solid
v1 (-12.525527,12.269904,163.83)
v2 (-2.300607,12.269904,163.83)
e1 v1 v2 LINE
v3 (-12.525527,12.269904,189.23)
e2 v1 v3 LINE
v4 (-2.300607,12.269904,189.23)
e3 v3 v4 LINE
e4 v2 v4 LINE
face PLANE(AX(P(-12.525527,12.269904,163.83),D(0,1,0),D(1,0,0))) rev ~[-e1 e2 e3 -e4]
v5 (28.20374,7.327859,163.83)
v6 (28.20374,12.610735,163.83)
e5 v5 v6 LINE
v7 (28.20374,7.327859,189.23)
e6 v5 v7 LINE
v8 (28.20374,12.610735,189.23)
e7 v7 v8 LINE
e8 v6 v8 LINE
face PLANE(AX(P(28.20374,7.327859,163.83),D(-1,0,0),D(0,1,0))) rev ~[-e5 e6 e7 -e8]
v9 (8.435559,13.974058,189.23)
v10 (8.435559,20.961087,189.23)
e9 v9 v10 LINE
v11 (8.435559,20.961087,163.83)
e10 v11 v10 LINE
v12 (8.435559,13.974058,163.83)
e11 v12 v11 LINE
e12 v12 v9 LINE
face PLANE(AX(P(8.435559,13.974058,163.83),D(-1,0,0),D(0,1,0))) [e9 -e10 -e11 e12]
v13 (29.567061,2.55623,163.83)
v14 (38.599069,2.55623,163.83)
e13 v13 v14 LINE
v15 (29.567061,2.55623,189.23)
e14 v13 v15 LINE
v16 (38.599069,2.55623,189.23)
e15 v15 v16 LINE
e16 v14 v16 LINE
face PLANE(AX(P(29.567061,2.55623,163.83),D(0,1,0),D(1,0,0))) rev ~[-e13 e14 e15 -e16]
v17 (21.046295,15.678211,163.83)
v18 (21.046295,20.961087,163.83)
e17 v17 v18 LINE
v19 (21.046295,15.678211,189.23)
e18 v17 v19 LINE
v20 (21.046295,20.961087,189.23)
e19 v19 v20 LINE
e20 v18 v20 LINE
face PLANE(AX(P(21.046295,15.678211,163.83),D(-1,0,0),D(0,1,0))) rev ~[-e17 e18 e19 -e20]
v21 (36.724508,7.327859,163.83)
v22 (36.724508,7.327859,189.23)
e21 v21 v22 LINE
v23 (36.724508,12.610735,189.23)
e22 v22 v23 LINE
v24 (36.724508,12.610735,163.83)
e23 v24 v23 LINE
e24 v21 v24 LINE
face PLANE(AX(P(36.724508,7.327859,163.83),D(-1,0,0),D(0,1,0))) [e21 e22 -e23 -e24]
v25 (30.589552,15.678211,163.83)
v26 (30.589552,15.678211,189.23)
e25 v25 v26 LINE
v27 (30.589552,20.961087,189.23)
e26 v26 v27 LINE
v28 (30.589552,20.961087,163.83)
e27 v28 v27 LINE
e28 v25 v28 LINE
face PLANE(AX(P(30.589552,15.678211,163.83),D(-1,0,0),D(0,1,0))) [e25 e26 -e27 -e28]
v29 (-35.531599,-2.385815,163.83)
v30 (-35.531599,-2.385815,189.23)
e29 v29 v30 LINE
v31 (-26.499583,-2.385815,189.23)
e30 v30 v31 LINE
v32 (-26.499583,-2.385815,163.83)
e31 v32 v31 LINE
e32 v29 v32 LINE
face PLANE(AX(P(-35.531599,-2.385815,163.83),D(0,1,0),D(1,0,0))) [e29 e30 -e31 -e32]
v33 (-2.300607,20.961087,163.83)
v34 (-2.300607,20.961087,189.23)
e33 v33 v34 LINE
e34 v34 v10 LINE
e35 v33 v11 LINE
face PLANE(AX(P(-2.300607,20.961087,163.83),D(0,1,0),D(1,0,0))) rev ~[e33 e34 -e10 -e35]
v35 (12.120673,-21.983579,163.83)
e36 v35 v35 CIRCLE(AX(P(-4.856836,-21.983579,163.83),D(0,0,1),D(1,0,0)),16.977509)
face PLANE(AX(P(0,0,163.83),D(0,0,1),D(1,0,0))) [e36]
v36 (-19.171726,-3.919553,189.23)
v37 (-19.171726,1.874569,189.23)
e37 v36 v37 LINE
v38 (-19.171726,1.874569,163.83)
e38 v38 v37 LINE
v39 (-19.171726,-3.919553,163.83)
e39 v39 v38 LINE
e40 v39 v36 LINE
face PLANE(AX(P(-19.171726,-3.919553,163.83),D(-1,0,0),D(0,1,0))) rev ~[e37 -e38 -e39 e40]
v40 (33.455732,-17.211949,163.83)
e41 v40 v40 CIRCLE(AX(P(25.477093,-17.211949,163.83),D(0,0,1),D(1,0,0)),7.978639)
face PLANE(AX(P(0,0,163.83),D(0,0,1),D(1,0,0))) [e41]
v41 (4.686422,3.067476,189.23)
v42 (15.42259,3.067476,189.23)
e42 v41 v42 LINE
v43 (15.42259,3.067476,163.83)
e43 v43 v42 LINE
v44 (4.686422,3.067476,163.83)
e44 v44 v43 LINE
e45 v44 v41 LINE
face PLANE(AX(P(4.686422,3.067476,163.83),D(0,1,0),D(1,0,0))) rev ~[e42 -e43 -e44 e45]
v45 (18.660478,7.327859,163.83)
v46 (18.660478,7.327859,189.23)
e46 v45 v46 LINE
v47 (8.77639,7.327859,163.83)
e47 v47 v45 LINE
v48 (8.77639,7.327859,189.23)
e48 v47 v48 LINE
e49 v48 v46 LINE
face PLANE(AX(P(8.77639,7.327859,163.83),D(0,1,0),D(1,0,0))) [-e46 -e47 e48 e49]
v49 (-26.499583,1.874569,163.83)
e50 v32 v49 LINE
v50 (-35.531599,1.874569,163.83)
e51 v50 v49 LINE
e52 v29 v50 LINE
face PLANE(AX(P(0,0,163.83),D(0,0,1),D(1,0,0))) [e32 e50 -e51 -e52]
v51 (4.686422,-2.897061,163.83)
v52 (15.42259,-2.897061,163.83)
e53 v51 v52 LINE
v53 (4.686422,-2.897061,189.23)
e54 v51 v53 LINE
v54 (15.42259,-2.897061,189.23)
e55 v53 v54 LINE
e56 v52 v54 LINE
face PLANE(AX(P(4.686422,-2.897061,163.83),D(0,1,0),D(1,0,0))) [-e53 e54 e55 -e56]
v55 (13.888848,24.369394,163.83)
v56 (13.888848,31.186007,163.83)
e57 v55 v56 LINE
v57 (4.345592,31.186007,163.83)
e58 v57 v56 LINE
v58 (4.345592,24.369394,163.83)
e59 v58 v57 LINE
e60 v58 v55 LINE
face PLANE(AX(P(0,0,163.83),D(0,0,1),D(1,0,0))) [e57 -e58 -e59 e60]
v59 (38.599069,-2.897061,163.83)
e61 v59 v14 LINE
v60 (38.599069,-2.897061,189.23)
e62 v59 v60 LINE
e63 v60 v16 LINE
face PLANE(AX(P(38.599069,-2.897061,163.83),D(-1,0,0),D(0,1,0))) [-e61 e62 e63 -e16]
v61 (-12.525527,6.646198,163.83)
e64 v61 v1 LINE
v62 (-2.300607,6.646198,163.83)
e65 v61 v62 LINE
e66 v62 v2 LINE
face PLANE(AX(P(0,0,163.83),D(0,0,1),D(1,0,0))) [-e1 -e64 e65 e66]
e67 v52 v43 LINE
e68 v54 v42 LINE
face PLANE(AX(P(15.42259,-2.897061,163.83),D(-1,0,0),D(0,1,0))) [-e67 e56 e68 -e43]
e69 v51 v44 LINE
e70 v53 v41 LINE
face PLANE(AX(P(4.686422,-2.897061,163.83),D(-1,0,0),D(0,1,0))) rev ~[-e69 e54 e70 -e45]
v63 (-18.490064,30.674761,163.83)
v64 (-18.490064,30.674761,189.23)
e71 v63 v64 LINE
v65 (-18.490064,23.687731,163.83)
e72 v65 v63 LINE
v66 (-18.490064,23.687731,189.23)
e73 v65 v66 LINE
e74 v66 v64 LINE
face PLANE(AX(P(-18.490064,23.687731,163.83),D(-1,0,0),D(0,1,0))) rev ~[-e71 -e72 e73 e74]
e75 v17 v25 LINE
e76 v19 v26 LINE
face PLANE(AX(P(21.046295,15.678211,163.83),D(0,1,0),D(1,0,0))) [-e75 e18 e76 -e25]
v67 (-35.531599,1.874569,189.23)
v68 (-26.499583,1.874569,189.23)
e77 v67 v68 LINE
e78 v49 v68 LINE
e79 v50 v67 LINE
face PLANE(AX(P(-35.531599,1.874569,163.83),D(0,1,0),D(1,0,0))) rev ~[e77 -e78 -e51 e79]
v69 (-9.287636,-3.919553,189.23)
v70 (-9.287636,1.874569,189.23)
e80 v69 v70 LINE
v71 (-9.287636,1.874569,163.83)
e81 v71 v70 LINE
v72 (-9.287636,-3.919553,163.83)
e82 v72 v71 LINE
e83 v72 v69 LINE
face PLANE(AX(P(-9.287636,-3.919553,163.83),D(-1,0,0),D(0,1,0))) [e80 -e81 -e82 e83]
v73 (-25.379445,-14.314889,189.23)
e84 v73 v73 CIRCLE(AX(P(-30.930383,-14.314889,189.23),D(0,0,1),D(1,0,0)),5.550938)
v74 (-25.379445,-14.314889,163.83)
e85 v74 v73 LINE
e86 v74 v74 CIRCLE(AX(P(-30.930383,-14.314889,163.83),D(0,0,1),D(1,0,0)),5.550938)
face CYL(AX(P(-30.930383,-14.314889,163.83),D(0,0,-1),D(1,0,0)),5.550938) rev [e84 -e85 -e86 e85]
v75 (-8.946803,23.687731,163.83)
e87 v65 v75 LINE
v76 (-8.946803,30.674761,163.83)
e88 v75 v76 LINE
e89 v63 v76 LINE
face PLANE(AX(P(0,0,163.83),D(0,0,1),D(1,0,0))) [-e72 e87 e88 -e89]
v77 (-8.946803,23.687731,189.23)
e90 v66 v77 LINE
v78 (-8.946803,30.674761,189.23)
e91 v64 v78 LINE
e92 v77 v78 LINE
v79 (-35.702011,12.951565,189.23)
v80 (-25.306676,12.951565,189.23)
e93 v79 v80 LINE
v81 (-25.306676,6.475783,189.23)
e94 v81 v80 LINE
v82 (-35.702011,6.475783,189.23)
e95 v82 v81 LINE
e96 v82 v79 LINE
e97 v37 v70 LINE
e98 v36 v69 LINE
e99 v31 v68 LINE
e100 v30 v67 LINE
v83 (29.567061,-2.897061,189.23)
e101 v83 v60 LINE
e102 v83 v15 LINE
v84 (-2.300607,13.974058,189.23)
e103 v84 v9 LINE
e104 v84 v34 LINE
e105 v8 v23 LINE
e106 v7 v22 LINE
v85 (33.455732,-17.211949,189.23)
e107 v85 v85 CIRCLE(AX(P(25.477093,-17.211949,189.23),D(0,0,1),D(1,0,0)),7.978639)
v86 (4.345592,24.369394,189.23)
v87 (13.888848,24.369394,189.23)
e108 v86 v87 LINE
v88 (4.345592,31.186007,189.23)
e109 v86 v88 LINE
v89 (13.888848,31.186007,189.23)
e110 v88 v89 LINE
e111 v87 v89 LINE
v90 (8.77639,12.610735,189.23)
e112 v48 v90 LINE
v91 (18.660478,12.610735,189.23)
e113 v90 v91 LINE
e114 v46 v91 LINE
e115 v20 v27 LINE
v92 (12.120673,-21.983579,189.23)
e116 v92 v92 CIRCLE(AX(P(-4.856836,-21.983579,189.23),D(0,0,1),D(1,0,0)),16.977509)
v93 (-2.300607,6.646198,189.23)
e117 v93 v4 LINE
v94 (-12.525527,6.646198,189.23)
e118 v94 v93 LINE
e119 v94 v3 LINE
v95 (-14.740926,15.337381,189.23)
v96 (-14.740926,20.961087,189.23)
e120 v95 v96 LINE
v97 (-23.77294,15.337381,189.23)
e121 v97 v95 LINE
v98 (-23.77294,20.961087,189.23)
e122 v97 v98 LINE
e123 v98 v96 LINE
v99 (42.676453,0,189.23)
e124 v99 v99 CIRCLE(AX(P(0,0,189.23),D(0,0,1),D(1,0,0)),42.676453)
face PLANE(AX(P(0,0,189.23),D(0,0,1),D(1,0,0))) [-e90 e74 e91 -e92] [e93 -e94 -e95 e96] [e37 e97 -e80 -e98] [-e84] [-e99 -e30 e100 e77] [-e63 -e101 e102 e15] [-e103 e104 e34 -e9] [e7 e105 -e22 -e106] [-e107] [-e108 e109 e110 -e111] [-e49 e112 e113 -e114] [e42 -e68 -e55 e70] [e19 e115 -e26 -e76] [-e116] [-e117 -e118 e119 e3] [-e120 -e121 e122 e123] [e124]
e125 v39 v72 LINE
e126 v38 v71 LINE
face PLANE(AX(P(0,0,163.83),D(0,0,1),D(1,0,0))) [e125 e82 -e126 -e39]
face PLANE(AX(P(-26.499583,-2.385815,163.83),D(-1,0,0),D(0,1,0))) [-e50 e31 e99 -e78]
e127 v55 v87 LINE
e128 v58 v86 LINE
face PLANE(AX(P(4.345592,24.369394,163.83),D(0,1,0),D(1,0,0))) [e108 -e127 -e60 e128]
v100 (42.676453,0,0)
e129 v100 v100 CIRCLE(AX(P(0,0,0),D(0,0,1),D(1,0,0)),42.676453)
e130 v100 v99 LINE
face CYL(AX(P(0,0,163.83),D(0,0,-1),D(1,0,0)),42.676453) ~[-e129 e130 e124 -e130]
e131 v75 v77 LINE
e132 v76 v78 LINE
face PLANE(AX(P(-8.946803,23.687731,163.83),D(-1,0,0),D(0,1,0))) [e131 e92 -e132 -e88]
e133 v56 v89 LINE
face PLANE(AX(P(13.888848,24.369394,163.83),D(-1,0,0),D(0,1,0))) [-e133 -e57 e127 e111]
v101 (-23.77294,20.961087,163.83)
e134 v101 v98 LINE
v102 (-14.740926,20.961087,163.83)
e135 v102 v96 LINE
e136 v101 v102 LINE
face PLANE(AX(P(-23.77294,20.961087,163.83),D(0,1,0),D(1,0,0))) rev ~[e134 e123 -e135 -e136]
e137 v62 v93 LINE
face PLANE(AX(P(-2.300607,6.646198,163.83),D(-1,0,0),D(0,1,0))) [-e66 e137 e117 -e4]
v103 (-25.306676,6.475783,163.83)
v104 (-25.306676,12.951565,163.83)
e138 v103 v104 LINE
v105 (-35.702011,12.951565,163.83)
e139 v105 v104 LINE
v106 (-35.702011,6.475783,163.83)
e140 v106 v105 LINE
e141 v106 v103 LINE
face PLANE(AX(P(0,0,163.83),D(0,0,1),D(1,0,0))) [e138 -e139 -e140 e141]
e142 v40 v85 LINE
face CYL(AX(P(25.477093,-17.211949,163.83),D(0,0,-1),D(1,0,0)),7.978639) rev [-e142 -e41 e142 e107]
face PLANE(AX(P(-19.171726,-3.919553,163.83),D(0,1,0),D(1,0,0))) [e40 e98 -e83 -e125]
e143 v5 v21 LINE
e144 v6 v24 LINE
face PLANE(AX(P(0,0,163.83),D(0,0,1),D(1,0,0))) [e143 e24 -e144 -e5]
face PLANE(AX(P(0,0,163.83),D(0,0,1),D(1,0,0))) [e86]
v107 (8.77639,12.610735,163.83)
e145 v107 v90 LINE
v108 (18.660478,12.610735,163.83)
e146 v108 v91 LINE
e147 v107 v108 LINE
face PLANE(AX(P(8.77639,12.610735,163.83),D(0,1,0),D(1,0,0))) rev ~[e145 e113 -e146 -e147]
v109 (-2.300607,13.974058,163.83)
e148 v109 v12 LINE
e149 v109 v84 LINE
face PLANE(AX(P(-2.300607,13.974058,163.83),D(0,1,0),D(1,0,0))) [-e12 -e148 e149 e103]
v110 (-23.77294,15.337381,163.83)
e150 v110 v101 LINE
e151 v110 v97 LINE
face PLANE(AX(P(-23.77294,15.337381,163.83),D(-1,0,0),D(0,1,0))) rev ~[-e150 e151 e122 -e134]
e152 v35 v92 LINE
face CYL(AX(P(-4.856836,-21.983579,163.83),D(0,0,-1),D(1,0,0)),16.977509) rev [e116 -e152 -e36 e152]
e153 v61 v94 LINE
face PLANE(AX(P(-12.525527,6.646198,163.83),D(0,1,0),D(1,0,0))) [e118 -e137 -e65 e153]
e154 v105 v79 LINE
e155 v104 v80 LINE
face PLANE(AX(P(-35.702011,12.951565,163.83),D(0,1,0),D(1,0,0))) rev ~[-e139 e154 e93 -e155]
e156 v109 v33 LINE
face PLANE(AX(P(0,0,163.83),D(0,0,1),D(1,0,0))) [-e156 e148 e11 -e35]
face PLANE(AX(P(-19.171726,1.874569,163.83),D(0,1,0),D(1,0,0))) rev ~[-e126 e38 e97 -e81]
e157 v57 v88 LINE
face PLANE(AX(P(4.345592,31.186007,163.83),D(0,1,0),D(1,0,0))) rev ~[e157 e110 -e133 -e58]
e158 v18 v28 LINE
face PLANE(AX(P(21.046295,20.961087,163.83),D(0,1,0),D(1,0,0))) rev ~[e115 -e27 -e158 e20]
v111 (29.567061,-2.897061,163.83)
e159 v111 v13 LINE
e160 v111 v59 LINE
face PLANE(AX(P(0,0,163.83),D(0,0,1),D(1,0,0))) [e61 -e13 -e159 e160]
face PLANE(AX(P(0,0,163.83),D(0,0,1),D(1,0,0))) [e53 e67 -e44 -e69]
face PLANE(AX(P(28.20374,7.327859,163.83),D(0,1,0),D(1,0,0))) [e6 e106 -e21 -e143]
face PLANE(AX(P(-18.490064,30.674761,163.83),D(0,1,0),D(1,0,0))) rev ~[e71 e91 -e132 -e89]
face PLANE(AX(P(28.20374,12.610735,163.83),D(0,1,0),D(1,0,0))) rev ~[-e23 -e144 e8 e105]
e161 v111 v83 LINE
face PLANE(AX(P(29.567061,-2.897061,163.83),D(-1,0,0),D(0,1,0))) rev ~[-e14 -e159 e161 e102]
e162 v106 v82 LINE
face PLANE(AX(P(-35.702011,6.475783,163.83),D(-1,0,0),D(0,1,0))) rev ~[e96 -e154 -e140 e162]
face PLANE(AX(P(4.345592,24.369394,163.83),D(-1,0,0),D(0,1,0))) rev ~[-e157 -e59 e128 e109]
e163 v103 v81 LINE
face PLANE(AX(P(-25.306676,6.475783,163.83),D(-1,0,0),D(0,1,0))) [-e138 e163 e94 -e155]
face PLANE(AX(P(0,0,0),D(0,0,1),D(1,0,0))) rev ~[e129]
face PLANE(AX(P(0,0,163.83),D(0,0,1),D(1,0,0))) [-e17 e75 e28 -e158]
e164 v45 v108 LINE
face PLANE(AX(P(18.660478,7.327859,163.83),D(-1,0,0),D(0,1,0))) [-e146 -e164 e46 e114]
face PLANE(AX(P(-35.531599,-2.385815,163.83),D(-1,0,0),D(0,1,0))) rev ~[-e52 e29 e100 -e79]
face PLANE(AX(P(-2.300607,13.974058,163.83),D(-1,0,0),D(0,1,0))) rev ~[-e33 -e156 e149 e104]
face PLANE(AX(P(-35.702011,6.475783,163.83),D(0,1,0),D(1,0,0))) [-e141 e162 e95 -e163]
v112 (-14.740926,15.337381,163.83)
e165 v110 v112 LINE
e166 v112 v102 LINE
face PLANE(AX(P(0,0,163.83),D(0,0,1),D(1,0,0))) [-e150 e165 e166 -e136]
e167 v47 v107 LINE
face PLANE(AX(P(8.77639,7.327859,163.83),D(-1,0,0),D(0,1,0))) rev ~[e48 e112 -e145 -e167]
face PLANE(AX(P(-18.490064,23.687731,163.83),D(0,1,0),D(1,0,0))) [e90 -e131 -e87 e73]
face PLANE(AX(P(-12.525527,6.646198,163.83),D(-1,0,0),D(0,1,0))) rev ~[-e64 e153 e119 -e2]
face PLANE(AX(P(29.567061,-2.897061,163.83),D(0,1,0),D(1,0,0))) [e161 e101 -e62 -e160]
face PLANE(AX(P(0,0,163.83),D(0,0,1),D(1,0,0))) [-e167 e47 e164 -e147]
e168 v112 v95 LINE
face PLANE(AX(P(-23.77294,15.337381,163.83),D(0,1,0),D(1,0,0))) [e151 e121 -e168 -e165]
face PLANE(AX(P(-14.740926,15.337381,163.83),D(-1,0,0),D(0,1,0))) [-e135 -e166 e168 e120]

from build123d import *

# Parameters (mm, degrees)
F0_R     = 42.676453
F1_DEPTH = 163.83
F2_R     = 42.676453
F2_R_2   = 16.977509
F2_R_3   = 5.550938
F2_W     = 9.032015
F2_H     = 4.260384
F2_W_2   = 9.884089
F2_H_2   = 5.794122
F2_R_4   = 7.978639
F2_W_3   = 9.032009
F2_H_3   = 5.453291
F2_W_4   = 10.395335
F2_H_4   = 6.475783
F2_W_5   = 10.22492
F2_H_5   = 5.623706
F2_W_6   = 9.032014
F2_W_7   = 9.543261
F2_H_6   = 6.98703
F2_W_8   = 10.736168
F2_H_7   = 5.964537
F2_W_9   = 9.884088
F2_H_8   = 5.282876
F2_W_10  = 10.736166
F2_H_9   = 6.987029
F2_W_11  = 8.520767
F2_W_12  = 9.543257
F2_H_10  = 5.282875
F2_H_11  = 6.816613
F3_DEPTH = 25.4


with BuildPart() as f1:
    # F0 (on Top) → F1 (new body)
    with BuildSketch(Plane.XY):
        Circle(F0_R)
    extrude(amount=F1_DEPTH)

    # F2 (on face) → F3 (join)
    with BuildSketch(Plane.XY.offset(163.83)):
        Circle(F2_R)
        with Locations((-4.856836, -21.983579)):
            Circle(F2_R_2, mode=Mode.SUBTRACT)
        with Locations((-30.930383, -14.314889)):
            Circle(F2_R_3, mode=Mode.SUBTRACT)
        with Locations((-31.015591, -0.255623)):
            Rectangle(F2_W, F2_H, mode=Mode.SUBTRACT)
        with Locations((-14.229681, -1.022492)):
            Rectangle(F2_W_2, F2_H_2, mode=Mode.SUBTRACT)
        with Locations((25.477093, -17.211949)):
            Circle(F2_R_4, mode=Mode.SUBTRACT)
        with Locations((34.083065, -0.170416)):
            Rectangle(F2_W_3, F2_H_3, mode=Mode.SUBTRACT)
        with Locations((-30.504344, 9.713674)):
            Rectangle(F2_W_4, F2_H_4, mode=Mode.SUBTRACT)
        with Locations((-7.413067, 9.458051)):
            Rectangle(F2_W_5, F2_H_5, mode=Mode.SUBTRACT)
        with Locations((-19.256933, 18.149234)):
            Rectangle(F2_W_6, F2_H_5, mode=Mode.SUBTRACT)
        with Locations((-13.718434, 27.181246)):
            Rectangle(F2_W_7, F2_H_6, mode=Mode.SUBTRACT)
        with Locations((10.054506, 0.085207)):
            Rectangle(F2_W_8, F2_H_7, mode=Mode.SUBTRACT)
        with Locations((13.718434, 9.969297)):
            Rectangle(F2_W_9, F2_H_8, mode=Mode.SUBTRACT)
        with Locations((3.067476, 17.467572)):
            Rectangle(F2_W_10, F2_H_9, mode=Mode.SUBTRACT)
        with Locations((32.464124, 9.969297)):
            Rectangle(F2_W_11, F2_H_8, mode=Mode.SUBTRACT)
        with Locations((25.817924, 18.319649)):
            Rectangle(F2_W_12, F2_H_10, mode=Mode.SUBTRACT)
        with Locations((9.11722, 27.777701)):
            Rectangle(F2_W_12, F2_H_11, mode=Mode.SUBTRACT)
    extrude(amount=F3_DEPTH)


solid = f1.part
